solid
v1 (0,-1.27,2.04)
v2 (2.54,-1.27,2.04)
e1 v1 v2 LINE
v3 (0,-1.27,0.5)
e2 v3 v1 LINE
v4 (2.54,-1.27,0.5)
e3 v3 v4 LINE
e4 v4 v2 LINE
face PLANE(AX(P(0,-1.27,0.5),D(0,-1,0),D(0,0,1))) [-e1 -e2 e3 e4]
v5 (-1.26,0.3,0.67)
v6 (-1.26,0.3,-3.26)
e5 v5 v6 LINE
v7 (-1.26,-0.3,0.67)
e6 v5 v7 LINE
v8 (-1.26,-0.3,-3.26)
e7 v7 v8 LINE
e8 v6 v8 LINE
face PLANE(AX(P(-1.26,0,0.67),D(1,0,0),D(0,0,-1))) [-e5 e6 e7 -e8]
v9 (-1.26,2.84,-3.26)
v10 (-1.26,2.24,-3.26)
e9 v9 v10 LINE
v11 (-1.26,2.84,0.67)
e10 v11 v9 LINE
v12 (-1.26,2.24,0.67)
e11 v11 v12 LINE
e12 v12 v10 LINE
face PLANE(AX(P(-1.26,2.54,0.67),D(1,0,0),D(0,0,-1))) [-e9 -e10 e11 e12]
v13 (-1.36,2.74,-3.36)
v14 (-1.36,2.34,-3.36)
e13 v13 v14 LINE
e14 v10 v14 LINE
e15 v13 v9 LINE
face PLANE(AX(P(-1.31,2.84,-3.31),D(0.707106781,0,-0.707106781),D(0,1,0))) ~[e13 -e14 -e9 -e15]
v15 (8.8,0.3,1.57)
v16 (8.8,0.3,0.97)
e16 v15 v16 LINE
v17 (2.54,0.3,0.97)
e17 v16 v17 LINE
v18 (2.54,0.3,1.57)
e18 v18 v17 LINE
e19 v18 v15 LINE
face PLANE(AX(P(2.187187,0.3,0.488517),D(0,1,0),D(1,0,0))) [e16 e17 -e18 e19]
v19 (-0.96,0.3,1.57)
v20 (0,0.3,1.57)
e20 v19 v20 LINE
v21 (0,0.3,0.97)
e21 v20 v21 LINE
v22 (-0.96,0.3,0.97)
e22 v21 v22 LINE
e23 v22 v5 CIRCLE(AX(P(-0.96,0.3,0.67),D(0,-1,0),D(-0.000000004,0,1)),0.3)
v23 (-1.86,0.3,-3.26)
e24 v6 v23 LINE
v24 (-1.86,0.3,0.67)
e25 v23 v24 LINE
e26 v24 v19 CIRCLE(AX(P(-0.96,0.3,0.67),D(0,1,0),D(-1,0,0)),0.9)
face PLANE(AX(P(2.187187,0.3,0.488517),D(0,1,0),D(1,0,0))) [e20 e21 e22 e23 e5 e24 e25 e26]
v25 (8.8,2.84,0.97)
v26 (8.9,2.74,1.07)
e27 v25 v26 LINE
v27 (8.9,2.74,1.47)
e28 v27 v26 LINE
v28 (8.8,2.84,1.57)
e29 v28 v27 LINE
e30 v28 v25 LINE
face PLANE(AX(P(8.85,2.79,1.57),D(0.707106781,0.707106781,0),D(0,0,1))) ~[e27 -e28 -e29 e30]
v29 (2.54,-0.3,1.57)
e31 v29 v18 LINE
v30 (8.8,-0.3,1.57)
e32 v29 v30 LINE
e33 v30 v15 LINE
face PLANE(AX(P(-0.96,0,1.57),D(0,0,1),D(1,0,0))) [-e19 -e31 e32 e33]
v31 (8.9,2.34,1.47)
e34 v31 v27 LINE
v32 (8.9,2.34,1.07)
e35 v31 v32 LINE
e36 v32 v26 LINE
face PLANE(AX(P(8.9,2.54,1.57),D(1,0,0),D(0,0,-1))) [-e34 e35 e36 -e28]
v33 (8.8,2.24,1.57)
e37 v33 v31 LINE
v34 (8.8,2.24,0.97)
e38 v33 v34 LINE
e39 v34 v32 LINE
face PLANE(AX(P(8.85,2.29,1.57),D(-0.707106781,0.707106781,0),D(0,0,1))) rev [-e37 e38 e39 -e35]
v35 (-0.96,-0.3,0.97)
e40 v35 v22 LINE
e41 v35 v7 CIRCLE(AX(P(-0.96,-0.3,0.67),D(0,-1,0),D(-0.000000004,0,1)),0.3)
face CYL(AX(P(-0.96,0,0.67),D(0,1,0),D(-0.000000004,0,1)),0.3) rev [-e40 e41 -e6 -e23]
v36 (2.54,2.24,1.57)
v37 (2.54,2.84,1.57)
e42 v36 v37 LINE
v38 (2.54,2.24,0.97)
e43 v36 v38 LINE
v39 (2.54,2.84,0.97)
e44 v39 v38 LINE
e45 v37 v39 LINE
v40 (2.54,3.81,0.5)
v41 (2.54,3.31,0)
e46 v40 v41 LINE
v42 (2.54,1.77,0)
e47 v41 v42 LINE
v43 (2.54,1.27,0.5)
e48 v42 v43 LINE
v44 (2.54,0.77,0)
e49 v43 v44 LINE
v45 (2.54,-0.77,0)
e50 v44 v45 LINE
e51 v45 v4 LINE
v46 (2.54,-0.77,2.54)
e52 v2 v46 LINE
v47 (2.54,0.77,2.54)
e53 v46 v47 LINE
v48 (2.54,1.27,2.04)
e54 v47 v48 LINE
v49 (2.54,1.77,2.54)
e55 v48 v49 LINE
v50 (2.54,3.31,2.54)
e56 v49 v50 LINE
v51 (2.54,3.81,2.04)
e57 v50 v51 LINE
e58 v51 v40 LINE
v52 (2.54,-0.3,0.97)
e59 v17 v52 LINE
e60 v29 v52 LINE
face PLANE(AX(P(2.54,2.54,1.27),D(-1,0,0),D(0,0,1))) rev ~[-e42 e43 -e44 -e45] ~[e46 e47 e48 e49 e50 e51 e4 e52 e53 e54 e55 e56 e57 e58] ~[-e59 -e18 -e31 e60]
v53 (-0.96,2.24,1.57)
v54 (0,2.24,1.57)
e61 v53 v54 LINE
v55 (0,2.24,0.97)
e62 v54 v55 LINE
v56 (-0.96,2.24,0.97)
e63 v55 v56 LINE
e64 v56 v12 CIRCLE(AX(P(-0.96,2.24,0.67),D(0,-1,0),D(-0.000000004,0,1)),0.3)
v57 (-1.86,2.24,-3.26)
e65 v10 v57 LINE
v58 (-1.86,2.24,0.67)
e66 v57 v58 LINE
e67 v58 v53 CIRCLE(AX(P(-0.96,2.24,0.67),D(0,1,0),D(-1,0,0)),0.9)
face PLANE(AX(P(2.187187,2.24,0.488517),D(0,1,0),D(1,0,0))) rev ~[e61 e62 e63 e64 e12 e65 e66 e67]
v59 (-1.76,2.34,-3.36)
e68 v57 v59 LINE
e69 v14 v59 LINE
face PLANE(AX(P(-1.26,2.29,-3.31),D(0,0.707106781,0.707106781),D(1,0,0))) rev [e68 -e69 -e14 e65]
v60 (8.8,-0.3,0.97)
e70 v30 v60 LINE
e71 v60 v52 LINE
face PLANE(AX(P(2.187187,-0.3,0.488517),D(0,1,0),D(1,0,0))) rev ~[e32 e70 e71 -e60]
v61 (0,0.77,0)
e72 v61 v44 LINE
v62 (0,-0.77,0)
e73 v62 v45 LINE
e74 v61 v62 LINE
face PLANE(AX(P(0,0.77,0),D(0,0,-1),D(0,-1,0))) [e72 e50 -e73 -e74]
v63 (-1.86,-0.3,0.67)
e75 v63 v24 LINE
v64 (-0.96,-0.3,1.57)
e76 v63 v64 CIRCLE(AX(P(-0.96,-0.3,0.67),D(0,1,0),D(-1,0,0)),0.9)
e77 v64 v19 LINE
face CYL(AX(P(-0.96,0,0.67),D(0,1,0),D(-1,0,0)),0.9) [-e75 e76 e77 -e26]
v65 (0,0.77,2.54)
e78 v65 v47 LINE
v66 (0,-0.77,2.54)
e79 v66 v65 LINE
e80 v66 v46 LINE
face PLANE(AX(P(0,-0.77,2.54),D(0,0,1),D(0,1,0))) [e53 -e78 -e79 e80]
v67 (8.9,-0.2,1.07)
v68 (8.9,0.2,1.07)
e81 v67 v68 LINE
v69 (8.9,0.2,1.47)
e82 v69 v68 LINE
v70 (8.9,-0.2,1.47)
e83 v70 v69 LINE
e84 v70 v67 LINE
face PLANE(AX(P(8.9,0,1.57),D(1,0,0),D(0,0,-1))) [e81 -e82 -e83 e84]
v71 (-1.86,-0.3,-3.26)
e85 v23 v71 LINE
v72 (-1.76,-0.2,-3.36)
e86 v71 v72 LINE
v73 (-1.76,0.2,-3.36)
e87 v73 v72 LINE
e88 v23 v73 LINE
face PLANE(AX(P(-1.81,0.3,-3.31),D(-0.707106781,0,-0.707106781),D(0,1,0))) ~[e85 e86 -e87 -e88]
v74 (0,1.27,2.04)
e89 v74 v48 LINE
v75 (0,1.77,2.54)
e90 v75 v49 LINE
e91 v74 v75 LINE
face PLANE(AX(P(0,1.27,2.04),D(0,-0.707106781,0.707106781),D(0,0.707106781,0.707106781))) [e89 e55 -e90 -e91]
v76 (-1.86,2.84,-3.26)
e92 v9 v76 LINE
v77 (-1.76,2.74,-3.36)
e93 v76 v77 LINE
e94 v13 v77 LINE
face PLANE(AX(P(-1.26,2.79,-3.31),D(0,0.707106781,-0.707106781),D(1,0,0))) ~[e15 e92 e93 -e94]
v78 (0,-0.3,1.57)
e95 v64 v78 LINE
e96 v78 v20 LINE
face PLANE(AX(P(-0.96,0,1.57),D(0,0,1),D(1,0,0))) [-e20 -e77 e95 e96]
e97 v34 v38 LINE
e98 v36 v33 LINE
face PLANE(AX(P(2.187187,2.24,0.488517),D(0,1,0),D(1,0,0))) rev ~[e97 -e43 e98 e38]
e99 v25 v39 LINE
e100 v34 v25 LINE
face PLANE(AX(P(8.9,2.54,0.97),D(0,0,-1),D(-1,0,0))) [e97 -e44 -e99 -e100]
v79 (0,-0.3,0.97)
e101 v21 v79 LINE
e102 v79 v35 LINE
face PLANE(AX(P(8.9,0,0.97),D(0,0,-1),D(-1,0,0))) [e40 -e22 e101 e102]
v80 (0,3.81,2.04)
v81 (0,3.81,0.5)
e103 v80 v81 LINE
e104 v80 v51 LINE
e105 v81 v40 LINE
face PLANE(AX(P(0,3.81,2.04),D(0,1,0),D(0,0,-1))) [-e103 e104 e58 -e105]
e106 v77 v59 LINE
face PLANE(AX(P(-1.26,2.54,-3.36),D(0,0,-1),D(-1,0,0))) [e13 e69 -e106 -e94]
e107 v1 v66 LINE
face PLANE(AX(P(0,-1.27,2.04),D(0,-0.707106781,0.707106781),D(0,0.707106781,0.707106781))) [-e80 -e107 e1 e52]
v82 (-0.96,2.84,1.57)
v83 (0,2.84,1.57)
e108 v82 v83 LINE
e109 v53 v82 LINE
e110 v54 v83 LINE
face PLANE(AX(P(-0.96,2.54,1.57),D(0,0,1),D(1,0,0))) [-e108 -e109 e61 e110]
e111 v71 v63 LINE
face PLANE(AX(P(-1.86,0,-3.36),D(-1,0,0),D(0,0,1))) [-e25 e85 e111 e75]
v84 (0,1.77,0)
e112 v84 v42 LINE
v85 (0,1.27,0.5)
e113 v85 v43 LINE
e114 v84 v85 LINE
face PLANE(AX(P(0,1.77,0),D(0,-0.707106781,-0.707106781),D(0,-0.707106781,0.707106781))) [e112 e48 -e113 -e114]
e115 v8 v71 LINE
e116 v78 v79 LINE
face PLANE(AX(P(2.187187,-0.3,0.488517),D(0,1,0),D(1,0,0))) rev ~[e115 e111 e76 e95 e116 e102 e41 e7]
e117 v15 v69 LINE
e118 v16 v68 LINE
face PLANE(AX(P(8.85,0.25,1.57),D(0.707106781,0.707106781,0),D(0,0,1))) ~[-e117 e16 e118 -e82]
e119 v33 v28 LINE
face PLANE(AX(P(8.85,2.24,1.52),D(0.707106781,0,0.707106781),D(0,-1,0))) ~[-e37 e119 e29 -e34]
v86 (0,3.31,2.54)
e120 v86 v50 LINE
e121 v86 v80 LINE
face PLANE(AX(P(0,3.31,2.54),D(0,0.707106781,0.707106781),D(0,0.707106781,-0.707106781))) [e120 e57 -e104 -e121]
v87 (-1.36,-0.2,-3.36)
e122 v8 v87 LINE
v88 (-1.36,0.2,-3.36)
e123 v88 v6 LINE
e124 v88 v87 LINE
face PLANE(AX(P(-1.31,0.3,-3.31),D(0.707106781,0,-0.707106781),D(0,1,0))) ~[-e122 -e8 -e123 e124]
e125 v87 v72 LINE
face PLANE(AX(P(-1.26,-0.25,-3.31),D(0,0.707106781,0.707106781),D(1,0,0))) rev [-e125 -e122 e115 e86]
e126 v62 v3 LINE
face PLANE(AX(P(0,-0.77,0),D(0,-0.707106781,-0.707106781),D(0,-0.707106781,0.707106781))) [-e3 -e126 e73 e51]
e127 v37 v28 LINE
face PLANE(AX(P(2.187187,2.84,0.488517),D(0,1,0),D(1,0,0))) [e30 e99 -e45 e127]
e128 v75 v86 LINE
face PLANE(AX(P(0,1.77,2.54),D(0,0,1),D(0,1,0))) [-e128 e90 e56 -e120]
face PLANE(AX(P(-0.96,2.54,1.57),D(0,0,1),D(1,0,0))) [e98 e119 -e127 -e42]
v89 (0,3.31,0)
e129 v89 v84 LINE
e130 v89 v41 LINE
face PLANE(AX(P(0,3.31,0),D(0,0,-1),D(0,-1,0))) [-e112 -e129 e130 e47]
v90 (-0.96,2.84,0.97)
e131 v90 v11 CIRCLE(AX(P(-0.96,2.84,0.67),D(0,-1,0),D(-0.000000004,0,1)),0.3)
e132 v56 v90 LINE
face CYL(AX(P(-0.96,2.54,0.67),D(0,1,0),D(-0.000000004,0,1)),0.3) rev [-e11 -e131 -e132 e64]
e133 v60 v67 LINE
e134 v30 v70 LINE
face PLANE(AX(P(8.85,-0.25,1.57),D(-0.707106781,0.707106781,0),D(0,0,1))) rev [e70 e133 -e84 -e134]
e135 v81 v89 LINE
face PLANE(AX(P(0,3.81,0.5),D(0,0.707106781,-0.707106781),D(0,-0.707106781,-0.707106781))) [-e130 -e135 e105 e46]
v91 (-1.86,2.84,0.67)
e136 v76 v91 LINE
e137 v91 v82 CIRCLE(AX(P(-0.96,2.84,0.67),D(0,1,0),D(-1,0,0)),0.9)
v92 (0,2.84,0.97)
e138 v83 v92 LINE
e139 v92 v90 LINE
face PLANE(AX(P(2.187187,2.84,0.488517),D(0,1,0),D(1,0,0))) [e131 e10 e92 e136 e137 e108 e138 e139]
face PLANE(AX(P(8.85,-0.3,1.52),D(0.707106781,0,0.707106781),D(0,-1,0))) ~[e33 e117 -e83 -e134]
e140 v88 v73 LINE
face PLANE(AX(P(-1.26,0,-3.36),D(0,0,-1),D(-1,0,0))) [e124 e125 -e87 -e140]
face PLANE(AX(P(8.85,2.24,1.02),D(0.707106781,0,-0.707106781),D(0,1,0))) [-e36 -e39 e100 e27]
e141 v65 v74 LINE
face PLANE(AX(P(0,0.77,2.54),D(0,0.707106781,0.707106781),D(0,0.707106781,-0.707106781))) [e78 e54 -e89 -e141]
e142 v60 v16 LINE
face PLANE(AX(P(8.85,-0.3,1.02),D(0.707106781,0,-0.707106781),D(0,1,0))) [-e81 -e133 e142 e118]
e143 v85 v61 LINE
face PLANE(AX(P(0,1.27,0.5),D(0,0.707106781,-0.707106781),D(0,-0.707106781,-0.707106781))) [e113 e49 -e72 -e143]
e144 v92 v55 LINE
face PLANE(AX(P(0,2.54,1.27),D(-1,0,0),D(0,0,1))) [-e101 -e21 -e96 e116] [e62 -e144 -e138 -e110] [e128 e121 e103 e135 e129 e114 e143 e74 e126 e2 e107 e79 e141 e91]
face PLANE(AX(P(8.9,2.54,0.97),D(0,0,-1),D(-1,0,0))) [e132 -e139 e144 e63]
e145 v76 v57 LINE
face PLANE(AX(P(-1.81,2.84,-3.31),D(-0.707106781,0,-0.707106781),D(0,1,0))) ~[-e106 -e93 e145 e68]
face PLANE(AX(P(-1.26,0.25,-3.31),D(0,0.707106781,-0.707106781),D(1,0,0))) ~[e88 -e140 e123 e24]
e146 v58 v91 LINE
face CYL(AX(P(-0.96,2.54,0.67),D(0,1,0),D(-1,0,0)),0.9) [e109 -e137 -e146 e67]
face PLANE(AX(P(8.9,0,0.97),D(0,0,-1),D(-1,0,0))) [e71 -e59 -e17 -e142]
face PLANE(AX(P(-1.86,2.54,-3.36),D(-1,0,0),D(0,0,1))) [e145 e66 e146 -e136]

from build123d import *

# Parameters (mm, degrees)
PLASTIC_DEPTH   = 2.54
CONTACT_DEPTH   = 0.3
CHAMFER1_SIZE   = 0.1
LPATTERN1_COUNT = 2
LPATTERN1_PITCH = 2.54


with BuildPart() as part:
    # Sketch1 → Plastic (new body)
    with BuildSketch(Plane(origin=(0, 0, 0), x_dir=(0, 0, -1), z_dir=(1, 0, 0))):
        Polygon((-2.04, 1.27), (-0.5, 1.27), (0, 0.77), (0, -0.77), (-0.5, -1.27), (-2.04, -1.27), (-2.54, -0.77), (-2.54, 0.77), align=None)
    extrude(amount=PLASTIC_DEPTH)

    # Sketch2 → Contact (add, symmetric)
    with BuildSketch(Plane(origin=(0, 0, 0), x_dir=(1, 0, 0), z_dir=(0, 1, 0))):
        with BuildLine():
            Line((-1.86, 3.36), (-1.86, -0.67))
            ThreePointArc((-1.86, -0.67), (-1.596396103, -1.306396103), (-0.96, -1.57))
            Line((-0.96, -1.57), (8.9, -1.57))
            Line((8.9, -1.57), (8.9, -0.97))
            Line((8.9, -0.97), (-0.96, -0.97))
            ThreePointArc((-0.96, -0.97), (-1.172132034, -0.882132034), (-1.26, -0.67))
            Line((-1.26, -0.67), (-1.26, 3.36))
            Line((-1.26, 3.36), (-1.86, 3.36))
        make_face()
    extrude(amount=CONTACT_DEPTH, both=True)

    # Chamfer1
    chamfer1_edges = [part.edges().sort_by_distance(p)[0] for p in [
        (8.9, 0, 0.97),
        (8.9, 0.3, 1.27),
        (-1.56, -0.3, -3.36),
        (-1.26, 0, -3.36),
        (-1.86, 0, -3.36),
        (8.9, -0.3, 1.27),
        (8.9, 0, 1.57),
        (-1.56, 0.3, -3.36),
    ]]
    chamfer(chamfer1_edges, length=CHAMFER1_SIZE)

    # LPattern1: part ×2


with BuildPart() as part_1:
    add(part.part)
    with Locations(*[(0, i * LPATTERN1_PITCH, 0) for i in range(1, LPATTERN1_COUNT)]):
        add(part.part)


solid = part_1.part
